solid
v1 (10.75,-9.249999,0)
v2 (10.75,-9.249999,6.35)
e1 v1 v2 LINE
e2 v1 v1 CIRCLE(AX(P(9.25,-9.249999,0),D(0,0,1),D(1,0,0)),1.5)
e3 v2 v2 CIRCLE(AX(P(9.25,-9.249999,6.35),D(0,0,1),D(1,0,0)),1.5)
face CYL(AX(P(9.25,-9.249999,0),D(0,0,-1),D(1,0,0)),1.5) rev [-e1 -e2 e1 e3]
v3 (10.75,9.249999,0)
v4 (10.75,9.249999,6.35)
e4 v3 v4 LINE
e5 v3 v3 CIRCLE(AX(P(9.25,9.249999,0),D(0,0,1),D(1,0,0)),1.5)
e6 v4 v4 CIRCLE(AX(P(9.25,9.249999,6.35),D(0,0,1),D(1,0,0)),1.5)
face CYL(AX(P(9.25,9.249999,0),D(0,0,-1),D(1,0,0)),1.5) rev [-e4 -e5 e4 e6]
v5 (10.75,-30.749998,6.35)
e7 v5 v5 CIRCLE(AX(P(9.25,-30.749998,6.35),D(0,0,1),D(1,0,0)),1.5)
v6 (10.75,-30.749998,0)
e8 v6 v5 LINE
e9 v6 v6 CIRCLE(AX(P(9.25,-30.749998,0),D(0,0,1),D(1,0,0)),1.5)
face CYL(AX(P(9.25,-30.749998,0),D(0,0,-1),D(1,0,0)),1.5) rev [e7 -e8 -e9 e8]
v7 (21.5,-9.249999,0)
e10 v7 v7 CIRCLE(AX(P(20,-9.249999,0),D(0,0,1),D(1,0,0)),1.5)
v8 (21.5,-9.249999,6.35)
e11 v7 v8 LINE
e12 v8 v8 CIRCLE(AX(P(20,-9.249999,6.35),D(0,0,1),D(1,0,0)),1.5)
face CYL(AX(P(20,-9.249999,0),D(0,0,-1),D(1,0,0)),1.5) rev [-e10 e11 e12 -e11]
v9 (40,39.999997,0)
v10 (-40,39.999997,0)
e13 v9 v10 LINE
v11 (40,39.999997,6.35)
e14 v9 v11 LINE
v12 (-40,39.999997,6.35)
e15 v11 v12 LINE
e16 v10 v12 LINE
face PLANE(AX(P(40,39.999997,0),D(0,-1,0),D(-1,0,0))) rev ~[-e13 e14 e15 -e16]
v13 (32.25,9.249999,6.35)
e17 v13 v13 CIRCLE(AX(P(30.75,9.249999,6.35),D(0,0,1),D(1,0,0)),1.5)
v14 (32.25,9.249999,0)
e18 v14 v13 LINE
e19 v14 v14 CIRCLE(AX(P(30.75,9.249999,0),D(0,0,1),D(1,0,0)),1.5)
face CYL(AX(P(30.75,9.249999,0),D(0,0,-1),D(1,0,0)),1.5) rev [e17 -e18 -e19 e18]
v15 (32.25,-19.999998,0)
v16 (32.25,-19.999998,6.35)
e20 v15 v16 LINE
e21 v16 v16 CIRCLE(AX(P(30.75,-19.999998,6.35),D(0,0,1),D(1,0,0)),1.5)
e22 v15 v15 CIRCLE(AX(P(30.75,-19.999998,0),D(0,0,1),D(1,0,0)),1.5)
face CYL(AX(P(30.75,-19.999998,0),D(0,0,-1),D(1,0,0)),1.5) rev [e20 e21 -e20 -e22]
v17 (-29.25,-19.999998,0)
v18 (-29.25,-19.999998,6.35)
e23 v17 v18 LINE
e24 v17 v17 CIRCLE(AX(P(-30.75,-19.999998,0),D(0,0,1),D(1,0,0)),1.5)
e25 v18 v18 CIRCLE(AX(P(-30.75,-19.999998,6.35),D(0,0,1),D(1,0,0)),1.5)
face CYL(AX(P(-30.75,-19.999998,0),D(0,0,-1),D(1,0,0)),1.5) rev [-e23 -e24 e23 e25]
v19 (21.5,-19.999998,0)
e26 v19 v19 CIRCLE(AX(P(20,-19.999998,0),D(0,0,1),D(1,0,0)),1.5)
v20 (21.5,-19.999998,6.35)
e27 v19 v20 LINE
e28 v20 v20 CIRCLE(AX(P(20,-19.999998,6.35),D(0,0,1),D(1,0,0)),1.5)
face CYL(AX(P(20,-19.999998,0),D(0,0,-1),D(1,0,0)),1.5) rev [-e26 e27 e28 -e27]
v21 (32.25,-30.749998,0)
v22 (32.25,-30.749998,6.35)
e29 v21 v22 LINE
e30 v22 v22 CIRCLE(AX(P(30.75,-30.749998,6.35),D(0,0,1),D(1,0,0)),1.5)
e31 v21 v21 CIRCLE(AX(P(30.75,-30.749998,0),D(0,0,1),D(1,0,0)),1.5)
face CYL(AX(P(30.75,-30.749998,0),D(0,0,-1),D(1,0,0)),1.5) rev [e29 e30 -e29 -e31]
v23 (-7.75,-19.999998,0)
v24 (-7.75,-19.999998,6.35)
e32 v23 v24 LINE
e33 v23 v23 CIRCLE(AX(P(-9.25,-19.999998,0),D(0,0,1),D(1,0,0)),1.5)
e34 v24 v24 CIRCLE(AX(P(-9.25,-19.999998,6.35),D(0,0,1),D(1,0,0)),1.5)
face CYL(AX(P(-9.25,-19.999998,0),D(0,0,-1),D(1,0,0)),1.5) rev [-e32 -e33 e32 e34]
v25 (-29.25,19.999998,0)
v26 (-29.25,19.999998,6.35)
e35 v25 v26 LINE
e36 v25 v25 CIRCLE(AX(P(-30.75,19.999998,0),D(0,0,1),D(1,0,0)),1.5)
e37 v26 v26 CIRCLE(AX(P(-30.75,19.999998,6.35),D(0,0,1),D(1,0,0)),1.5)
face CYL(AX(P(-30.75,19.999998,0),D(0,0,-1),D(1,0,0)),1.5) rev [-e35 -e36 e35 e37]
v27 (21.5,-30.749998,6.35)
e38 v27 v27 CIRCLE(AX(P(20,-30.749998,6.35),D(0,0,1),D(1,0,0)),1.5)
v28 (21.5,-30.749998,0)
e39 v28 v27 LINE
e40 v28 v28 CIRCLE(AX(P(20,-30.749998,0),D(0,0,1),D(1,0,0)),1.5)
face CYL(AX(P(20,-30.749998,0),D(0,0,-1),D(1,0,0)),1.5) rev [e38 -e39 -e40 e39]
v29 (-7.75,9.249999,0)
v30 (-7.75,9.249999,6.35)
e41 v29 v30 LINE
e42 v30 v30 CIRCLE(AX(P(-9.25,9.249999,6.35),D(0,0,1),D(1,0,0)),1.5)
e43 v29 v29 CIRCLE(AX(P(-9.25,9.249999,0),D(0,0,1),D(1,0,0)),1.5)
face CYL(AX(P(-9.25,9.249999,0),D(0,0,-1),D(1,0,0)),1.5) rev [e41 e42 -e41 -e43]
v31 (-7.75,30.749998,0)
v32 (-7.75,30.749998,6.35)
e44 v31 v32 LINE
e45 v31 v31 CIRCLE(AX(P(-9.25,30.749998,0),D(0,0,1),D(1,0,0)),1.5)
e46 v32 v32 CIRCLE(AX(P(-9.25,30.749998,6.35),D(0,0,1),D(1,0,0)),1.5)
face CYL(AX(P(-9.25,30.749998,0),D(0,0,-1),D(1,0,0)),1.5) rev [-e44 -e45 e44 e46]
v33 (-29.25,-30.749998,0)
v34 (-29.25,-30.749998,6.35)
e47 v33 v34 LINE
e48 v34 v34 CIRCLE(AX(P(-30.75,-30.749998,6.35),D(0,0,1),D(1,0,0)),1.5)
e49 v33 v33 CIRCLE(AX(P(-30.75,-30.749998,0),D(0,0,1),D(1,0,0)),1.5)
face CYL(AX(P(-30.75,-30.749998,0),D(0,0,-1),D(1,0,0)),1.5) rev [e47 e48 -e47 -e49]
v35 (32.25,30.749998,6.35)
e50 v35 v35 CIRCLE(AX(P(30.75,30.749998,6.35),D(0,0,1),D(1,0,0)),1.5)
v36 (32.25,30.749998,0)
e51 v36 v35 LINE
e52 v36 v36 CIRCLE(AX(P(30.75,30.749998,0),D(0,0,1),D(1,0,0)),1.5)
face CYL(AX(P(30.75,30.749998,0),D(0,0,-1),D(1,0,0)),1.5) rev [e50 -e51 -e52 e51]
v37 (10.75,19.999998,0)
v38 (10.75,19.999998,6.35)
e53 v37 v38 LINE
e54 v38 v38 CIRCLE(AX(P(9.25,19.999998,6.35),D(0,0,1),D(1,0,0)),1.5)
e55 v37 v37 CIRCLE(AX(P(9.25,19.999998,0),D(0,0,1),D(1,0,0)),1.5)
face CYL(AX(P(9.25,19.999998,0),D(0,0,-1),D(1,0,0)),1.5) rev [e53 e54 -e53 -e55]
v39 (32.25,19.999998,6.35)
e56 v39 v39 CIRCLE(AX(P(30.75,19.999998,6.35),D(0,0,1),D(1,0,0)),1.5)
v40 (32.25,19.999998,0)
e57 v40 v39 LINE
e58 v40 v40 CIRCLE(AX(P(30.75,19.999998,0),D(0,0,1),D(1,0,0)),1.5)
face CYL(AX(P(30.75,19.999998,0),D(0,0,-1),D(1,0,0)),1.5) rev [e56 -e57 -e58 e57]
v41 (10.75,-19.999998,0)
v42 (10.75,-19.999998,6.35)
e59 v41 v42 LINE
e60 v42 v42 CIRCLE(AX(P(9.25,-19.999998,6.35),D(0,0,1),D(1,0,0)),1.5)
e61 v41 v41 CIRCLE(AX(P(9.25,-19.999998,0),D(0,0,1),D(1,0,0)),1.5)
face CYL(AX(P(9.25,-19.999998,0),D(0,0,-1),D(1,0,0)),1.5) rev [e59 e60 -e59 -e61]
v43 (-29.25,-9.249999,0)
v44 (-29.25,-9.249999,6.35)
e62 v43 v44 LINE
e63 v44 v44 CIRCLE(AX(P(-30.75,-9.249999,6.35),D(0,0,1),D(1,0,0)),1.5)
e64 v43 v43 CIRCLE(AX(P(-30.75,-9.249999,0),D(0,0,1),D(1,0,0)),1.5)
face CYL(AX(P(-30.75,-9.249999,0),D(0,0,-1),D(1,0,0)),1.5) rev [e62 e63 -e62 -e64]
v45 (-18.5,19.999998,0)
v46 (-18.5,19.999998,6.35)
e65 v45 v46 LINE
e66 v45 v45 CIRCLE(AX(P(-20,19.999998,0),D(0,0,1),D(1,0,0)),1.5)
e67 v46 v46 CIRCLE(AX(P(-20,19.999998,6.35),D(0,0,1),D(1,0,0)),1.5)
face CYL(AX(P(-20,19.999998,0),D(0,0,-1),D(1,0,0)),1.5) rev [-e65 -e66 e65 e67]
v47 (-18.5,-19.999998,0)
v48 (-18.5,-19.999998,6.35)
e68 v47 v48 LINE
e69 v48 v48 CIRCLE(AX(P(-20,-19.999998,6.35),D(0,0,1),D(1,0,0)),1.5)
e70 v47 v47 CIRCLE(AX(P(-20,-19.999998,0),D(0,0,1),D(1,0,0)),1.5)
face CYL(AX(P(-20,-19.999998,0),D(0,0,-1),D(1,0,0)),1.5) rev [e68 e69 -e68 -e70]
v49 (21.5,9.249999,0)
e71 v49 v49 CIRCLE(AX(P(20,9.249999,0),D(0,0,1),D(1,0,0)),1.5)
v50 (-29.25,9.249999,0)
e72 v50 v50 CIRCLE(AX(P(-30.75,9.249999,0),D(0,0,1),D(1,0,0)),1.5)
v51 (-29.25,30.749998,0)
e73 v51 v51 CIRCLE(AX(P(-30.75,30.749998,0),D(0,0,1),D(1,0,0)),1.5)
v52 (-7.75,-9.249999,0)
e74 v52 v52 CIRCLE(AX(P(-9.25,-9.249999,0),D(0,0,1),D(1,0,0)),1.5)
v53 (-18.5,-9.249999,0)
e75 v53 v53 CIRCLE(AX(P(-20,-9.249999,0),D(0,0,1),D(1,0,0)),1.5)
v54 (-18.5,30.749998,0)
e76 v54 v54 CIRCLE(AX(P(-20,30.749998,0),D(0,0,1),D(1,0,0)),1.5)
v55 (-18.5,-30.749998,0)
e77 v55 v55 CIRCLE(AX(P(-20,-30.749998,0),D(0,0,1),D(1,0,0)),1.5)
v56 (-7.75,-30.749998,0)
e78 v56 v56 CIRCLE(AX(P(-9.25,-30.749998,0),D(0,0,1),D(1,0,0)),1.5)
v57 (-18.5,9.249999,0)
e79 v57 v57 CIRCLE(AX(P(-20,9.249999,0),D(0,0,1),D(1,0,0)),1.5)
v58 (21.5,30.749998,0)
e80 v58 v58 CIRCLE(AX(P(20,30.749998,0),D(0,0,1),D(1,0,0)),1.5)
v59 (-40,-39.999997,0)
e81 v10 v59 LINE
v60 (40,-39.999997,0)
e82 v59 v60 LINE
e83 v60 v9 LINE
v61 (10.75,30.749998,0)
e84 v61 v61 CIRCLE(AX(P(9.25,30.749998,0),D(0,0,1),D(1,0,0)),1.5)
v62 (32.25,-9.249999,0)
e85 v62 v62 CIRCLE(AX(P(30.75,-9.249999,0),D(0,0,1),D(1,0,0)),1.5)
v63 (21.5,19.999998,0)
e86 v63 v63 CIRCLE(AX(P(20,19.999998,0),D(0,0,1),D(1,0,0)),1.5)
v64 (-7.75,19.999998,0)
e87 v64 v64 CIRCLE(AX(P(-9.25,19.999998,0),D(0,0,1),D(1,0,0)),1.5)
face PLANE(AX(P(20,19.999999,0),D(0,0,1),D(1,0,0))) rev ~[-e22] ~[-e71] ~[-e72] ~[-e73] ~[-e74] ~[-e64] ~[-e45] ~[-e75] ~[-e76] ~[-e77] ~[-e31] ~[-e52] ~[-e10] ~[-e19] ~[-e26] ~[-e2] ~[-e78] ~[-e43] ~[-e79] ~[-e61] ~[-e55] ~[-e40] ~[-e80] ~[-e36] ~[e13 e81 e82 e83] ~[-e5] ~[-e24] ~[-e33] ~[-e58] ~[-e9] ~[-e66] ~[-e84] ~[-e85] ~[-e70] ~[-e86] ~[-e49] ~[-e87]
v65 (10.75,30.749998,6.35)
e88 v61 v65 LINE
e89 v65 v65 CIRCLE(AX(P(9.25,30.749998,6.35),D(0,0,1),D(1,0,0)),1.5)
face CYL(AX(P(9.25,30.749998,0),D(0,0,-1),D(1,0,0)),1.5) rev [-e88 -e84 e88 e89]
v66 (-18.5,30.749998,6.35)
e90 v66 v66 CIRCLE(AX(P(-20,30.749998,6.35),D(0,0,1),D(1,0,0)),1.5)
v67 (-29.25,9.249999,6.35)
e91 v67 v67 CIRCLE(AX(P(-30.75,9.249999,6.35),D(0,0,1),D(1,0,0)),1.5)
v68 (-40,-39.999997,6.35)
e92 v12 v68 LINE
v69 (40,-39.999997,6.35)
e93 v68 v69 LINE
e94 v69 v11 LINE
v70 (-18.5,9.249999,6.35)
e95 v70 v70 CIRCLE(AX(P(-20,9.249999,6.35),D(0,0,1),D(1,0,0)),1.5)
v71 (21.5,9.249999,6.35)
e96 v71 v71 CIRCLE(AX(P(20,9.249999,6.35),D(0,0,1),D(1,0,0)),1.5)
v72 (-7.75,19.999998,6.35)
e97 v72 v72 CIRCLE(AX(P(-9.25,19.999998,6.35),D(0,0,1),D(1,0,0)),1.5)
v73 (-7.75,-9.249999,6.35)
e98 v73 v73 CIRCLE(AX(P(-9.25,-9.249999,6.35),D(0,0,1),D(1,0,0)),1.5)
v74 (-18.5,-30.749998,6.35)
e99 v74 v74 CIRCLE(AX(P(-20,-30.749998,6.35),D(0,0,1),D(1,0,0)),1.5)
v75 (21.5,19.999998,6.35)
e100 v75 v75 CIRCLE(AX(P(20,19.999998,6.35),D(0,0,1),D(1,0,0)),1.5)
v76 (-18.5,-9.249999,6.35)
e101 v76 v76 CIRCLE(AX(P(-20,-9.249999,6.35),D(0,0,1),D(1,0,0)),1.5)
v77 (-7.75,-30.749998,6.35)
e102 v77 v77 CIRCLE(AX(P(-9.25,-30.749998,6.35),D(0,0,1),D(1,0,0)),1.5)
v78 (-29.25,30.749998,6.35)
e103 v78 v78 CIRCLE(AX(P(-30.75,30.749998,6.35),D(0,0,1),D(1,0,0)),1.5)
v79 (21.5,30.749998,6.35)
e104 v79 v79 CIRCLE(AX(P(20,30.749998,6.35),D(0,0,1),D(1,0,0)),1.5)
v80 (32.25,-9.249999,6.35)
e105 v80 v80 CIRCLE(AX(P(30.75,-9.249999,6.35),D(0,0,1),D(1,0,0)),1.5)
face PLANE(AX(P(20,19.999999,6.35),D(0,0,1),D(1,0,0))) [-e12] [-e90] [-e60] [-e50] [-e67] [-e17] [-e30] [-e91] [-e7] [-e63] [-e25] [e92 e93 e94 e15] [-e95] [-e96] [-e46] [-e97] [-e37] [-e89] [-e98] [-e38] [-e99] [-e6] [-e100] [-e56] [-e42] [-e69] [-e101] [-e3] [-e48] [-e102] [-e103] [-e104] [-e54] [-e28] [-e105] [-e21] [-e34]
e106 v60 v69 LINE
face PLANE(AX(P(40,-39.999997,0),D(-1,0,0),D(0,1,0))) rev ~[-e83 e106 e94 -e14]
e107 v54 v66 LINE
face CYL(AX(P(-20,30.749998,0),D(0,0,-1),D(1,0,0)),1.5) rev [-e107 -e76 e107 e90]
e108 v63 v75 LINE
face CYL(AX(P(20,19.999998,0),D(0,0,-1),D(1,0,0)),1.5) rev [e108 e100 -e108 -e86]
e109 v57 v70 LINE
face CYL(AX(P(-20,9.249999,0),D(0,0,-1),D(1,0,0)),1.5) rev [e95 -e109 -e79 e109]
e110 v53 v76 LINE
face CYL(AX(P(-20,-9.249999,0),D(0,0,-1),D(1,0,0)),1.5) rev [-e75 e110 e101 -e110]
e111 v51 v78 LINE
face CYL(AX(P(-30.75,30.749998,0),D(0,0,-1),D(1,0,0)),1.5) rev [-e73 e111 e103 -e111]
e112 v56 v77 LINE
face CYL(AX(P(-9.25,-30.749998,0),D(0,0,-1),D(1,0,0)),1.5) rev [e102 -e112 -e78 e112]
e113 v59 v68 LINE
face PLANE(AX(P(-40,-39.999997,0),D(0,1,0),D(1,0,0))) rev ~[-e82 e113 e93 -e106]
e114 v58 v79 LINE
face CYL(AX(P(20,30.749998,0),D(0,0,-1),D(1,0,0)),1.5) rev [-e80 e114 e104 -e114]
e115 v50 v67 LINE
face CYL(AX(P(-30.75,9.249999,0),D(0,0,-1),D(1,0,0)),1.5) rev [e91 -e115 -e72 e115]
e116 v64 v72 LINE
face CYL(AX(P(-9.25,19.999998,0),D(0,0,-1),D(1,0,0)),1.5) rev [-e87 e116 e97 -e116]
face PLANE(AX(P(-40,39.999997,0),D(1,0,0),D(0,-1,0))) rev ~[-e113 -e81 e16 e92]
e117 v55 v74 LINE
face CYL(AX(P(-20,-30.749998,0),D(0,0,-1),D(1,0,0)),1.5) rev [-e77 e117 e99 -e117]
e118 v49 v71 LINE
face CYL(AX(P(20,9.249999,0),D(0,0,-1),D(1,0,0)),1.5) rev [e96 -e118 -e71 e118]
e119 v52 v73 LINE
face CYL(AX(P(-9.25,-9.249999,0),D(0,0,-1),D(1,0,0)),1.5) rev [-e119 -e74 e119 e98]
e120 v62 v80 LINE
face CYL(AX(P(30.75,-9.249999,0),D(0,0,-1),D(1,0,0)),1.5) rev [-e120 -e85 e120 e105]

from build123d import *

# Parameters (mm, degrees)
F0_R     = 1.5
F1_DEPTH = 6.35


with BuildPart() as f1:
    # F0 (on Top) → F1 (new body)
    with BuildSketch(Plane.XY):
        Polygon((0, 0), (9.25, 0), (40, 0), (40, 39.999997), (0, 39.999997), align=None)
        with Locations((9.25, 9.249999)):
            Circle(F0_R, mode=Mode.SUBTRACT)
        with Locations((20, 9.249999)):
            Circle(F0_R, mode=Mode.SUBTRACT)
        with Locations((30.75, 9.249999)):
            Circle(F0_R, mode=Mode.SUBTRACT)
        with Locations((9.25, 19.999998)):
            Circle(F0_R, mode=Mode.SUBTRACT)
        with Locations((9.25, 30.749998)):
            Circle(F0_R, mode=Mode.SUBTRACT)
        with Locations((20, 19.999998)):
            Circle(F0_R, mode=Mode.SUBTRACT)
        with Locations((30.75, 19.999998)):
            Circle(F0_R, mode=Mode.SUBTRACT)
        with Locations((20, 30.749998)):
            Circle(F0_R, mode=Mode.SUBTRACT)
        with Locations((30.75, 30.749998)):
            Circle(F0_R, mode=Mode.SUBTRACT)
        Polygon((40, 0), (9.25, 0), (0, 0), (0, -39.999997), (40, -39.999997), align=None)
        with Locations((9.25, -30.749998)):
            Circle(F0_R, mode=Mode.SUBTRACT)
        with Locations((9.25, -19.999998)):
            Circle(F0_R, mode=Mode.SUBTRACT)
        with Locations((20, -30.749998)):
            Circle(F0_R, mode=Mode.SUBTRACT)
        with Locations((30.75, -30.749998)):
            Circle(F0_R, mode=Mode.SUBTRACT)
        with Locations((20, -19.999998)):
            Circle(F0_R, mode=Mode.SUBTRACT)
        with Locations((30.75, -19.999998)):
            Circle(F0_R, mode=Mode.SUBTRACT)
        with Locations((9.25, -9.249999)):
            Circle(F0_R, mode=Mode.SUBTRACT)
        with Locations((20, -9.249999)):
            Circle(F0_R, mode=Mode.SUBTRACT)
        with Locations((30.75, -9.249999)):
            Circle(F0_R, mode=Mode.SUBTRACT)
        Polygon((0, -39.999997), (0, 0), (0, 39.999997), (-40, 39.999997), (-40, 0), (-40, -39.999997), align=None)
        with Locations((-30.75, -30.749998)):
            Circle(F0_R, mode=Mode.SUBTRACT)
        with Locations((-30.75, -19.999998)):
            Circle(F0_R, mode=Mode.SUBTRACT)
        with Locations((-20, -30.749998)):
            Circle(F0_R, mode=Mode.SUBTRACT)
        with Locations((-9.25, -30.749998)):
            Circle(F0_R, mode=Mode.SUBTRACT)
        with Locations((-20, -19.999998)):
            Circle(F0_R, mode=Mode.SUBTRACT)
        with Locations((-9.25, -19.999998)):
            Circle(F0_R, mode=Mode.SUBTRACT)
        with Locations((-30.75, -9.249999)):
            Circle(F0_R, mode=Mode.SUBTRACT)
        with Locations((-20, -9.249999)):
            Circle(F0_R, mode=Mode.SUBTRACT)
        with Locations((-9.25, -9.249999)):
            Circle(F0_R, mode=Mode.SUBTRACT)
        with Locations((-30.75, 9.249999)):
            Circle(F0_R, mode=Mode.SUBTRACT)
        with Locations((-20, 9.249999)):
            Circle(F0_R, mode=Mode.SUBTRACT)
        with Locations((-9.25, 9.249999)):
            Circle(F0_R, mode=Mode.SUBTRACT)
        with Locations((-30.75, 19.999998)):
            Circle(F0_R, mode=Mode.SUBTRACT)
        with Locations((-30.75, 30.749998)):
            Circle(F0_R, mode=Mode.SUBTRACT)
        with Locations((-20, 19.999998)):
            Circle(F0_R, mode=Mode.SUBTRACT)
        with Locations((-9.25, 19.999998)):
            Circle(F0_R, mode=Mode.SUBTRACT)
        with Locations((-20, 30.749998)):
            Circle(F0_R, mode=Mode.SUBTRACT)
        with Locations((-9.25, 30.749998)):
            Circle(F0_R, mode=Mode.SUBTRACT)
    extrude(amount=F1_DEPTH)


solid = f1.part
